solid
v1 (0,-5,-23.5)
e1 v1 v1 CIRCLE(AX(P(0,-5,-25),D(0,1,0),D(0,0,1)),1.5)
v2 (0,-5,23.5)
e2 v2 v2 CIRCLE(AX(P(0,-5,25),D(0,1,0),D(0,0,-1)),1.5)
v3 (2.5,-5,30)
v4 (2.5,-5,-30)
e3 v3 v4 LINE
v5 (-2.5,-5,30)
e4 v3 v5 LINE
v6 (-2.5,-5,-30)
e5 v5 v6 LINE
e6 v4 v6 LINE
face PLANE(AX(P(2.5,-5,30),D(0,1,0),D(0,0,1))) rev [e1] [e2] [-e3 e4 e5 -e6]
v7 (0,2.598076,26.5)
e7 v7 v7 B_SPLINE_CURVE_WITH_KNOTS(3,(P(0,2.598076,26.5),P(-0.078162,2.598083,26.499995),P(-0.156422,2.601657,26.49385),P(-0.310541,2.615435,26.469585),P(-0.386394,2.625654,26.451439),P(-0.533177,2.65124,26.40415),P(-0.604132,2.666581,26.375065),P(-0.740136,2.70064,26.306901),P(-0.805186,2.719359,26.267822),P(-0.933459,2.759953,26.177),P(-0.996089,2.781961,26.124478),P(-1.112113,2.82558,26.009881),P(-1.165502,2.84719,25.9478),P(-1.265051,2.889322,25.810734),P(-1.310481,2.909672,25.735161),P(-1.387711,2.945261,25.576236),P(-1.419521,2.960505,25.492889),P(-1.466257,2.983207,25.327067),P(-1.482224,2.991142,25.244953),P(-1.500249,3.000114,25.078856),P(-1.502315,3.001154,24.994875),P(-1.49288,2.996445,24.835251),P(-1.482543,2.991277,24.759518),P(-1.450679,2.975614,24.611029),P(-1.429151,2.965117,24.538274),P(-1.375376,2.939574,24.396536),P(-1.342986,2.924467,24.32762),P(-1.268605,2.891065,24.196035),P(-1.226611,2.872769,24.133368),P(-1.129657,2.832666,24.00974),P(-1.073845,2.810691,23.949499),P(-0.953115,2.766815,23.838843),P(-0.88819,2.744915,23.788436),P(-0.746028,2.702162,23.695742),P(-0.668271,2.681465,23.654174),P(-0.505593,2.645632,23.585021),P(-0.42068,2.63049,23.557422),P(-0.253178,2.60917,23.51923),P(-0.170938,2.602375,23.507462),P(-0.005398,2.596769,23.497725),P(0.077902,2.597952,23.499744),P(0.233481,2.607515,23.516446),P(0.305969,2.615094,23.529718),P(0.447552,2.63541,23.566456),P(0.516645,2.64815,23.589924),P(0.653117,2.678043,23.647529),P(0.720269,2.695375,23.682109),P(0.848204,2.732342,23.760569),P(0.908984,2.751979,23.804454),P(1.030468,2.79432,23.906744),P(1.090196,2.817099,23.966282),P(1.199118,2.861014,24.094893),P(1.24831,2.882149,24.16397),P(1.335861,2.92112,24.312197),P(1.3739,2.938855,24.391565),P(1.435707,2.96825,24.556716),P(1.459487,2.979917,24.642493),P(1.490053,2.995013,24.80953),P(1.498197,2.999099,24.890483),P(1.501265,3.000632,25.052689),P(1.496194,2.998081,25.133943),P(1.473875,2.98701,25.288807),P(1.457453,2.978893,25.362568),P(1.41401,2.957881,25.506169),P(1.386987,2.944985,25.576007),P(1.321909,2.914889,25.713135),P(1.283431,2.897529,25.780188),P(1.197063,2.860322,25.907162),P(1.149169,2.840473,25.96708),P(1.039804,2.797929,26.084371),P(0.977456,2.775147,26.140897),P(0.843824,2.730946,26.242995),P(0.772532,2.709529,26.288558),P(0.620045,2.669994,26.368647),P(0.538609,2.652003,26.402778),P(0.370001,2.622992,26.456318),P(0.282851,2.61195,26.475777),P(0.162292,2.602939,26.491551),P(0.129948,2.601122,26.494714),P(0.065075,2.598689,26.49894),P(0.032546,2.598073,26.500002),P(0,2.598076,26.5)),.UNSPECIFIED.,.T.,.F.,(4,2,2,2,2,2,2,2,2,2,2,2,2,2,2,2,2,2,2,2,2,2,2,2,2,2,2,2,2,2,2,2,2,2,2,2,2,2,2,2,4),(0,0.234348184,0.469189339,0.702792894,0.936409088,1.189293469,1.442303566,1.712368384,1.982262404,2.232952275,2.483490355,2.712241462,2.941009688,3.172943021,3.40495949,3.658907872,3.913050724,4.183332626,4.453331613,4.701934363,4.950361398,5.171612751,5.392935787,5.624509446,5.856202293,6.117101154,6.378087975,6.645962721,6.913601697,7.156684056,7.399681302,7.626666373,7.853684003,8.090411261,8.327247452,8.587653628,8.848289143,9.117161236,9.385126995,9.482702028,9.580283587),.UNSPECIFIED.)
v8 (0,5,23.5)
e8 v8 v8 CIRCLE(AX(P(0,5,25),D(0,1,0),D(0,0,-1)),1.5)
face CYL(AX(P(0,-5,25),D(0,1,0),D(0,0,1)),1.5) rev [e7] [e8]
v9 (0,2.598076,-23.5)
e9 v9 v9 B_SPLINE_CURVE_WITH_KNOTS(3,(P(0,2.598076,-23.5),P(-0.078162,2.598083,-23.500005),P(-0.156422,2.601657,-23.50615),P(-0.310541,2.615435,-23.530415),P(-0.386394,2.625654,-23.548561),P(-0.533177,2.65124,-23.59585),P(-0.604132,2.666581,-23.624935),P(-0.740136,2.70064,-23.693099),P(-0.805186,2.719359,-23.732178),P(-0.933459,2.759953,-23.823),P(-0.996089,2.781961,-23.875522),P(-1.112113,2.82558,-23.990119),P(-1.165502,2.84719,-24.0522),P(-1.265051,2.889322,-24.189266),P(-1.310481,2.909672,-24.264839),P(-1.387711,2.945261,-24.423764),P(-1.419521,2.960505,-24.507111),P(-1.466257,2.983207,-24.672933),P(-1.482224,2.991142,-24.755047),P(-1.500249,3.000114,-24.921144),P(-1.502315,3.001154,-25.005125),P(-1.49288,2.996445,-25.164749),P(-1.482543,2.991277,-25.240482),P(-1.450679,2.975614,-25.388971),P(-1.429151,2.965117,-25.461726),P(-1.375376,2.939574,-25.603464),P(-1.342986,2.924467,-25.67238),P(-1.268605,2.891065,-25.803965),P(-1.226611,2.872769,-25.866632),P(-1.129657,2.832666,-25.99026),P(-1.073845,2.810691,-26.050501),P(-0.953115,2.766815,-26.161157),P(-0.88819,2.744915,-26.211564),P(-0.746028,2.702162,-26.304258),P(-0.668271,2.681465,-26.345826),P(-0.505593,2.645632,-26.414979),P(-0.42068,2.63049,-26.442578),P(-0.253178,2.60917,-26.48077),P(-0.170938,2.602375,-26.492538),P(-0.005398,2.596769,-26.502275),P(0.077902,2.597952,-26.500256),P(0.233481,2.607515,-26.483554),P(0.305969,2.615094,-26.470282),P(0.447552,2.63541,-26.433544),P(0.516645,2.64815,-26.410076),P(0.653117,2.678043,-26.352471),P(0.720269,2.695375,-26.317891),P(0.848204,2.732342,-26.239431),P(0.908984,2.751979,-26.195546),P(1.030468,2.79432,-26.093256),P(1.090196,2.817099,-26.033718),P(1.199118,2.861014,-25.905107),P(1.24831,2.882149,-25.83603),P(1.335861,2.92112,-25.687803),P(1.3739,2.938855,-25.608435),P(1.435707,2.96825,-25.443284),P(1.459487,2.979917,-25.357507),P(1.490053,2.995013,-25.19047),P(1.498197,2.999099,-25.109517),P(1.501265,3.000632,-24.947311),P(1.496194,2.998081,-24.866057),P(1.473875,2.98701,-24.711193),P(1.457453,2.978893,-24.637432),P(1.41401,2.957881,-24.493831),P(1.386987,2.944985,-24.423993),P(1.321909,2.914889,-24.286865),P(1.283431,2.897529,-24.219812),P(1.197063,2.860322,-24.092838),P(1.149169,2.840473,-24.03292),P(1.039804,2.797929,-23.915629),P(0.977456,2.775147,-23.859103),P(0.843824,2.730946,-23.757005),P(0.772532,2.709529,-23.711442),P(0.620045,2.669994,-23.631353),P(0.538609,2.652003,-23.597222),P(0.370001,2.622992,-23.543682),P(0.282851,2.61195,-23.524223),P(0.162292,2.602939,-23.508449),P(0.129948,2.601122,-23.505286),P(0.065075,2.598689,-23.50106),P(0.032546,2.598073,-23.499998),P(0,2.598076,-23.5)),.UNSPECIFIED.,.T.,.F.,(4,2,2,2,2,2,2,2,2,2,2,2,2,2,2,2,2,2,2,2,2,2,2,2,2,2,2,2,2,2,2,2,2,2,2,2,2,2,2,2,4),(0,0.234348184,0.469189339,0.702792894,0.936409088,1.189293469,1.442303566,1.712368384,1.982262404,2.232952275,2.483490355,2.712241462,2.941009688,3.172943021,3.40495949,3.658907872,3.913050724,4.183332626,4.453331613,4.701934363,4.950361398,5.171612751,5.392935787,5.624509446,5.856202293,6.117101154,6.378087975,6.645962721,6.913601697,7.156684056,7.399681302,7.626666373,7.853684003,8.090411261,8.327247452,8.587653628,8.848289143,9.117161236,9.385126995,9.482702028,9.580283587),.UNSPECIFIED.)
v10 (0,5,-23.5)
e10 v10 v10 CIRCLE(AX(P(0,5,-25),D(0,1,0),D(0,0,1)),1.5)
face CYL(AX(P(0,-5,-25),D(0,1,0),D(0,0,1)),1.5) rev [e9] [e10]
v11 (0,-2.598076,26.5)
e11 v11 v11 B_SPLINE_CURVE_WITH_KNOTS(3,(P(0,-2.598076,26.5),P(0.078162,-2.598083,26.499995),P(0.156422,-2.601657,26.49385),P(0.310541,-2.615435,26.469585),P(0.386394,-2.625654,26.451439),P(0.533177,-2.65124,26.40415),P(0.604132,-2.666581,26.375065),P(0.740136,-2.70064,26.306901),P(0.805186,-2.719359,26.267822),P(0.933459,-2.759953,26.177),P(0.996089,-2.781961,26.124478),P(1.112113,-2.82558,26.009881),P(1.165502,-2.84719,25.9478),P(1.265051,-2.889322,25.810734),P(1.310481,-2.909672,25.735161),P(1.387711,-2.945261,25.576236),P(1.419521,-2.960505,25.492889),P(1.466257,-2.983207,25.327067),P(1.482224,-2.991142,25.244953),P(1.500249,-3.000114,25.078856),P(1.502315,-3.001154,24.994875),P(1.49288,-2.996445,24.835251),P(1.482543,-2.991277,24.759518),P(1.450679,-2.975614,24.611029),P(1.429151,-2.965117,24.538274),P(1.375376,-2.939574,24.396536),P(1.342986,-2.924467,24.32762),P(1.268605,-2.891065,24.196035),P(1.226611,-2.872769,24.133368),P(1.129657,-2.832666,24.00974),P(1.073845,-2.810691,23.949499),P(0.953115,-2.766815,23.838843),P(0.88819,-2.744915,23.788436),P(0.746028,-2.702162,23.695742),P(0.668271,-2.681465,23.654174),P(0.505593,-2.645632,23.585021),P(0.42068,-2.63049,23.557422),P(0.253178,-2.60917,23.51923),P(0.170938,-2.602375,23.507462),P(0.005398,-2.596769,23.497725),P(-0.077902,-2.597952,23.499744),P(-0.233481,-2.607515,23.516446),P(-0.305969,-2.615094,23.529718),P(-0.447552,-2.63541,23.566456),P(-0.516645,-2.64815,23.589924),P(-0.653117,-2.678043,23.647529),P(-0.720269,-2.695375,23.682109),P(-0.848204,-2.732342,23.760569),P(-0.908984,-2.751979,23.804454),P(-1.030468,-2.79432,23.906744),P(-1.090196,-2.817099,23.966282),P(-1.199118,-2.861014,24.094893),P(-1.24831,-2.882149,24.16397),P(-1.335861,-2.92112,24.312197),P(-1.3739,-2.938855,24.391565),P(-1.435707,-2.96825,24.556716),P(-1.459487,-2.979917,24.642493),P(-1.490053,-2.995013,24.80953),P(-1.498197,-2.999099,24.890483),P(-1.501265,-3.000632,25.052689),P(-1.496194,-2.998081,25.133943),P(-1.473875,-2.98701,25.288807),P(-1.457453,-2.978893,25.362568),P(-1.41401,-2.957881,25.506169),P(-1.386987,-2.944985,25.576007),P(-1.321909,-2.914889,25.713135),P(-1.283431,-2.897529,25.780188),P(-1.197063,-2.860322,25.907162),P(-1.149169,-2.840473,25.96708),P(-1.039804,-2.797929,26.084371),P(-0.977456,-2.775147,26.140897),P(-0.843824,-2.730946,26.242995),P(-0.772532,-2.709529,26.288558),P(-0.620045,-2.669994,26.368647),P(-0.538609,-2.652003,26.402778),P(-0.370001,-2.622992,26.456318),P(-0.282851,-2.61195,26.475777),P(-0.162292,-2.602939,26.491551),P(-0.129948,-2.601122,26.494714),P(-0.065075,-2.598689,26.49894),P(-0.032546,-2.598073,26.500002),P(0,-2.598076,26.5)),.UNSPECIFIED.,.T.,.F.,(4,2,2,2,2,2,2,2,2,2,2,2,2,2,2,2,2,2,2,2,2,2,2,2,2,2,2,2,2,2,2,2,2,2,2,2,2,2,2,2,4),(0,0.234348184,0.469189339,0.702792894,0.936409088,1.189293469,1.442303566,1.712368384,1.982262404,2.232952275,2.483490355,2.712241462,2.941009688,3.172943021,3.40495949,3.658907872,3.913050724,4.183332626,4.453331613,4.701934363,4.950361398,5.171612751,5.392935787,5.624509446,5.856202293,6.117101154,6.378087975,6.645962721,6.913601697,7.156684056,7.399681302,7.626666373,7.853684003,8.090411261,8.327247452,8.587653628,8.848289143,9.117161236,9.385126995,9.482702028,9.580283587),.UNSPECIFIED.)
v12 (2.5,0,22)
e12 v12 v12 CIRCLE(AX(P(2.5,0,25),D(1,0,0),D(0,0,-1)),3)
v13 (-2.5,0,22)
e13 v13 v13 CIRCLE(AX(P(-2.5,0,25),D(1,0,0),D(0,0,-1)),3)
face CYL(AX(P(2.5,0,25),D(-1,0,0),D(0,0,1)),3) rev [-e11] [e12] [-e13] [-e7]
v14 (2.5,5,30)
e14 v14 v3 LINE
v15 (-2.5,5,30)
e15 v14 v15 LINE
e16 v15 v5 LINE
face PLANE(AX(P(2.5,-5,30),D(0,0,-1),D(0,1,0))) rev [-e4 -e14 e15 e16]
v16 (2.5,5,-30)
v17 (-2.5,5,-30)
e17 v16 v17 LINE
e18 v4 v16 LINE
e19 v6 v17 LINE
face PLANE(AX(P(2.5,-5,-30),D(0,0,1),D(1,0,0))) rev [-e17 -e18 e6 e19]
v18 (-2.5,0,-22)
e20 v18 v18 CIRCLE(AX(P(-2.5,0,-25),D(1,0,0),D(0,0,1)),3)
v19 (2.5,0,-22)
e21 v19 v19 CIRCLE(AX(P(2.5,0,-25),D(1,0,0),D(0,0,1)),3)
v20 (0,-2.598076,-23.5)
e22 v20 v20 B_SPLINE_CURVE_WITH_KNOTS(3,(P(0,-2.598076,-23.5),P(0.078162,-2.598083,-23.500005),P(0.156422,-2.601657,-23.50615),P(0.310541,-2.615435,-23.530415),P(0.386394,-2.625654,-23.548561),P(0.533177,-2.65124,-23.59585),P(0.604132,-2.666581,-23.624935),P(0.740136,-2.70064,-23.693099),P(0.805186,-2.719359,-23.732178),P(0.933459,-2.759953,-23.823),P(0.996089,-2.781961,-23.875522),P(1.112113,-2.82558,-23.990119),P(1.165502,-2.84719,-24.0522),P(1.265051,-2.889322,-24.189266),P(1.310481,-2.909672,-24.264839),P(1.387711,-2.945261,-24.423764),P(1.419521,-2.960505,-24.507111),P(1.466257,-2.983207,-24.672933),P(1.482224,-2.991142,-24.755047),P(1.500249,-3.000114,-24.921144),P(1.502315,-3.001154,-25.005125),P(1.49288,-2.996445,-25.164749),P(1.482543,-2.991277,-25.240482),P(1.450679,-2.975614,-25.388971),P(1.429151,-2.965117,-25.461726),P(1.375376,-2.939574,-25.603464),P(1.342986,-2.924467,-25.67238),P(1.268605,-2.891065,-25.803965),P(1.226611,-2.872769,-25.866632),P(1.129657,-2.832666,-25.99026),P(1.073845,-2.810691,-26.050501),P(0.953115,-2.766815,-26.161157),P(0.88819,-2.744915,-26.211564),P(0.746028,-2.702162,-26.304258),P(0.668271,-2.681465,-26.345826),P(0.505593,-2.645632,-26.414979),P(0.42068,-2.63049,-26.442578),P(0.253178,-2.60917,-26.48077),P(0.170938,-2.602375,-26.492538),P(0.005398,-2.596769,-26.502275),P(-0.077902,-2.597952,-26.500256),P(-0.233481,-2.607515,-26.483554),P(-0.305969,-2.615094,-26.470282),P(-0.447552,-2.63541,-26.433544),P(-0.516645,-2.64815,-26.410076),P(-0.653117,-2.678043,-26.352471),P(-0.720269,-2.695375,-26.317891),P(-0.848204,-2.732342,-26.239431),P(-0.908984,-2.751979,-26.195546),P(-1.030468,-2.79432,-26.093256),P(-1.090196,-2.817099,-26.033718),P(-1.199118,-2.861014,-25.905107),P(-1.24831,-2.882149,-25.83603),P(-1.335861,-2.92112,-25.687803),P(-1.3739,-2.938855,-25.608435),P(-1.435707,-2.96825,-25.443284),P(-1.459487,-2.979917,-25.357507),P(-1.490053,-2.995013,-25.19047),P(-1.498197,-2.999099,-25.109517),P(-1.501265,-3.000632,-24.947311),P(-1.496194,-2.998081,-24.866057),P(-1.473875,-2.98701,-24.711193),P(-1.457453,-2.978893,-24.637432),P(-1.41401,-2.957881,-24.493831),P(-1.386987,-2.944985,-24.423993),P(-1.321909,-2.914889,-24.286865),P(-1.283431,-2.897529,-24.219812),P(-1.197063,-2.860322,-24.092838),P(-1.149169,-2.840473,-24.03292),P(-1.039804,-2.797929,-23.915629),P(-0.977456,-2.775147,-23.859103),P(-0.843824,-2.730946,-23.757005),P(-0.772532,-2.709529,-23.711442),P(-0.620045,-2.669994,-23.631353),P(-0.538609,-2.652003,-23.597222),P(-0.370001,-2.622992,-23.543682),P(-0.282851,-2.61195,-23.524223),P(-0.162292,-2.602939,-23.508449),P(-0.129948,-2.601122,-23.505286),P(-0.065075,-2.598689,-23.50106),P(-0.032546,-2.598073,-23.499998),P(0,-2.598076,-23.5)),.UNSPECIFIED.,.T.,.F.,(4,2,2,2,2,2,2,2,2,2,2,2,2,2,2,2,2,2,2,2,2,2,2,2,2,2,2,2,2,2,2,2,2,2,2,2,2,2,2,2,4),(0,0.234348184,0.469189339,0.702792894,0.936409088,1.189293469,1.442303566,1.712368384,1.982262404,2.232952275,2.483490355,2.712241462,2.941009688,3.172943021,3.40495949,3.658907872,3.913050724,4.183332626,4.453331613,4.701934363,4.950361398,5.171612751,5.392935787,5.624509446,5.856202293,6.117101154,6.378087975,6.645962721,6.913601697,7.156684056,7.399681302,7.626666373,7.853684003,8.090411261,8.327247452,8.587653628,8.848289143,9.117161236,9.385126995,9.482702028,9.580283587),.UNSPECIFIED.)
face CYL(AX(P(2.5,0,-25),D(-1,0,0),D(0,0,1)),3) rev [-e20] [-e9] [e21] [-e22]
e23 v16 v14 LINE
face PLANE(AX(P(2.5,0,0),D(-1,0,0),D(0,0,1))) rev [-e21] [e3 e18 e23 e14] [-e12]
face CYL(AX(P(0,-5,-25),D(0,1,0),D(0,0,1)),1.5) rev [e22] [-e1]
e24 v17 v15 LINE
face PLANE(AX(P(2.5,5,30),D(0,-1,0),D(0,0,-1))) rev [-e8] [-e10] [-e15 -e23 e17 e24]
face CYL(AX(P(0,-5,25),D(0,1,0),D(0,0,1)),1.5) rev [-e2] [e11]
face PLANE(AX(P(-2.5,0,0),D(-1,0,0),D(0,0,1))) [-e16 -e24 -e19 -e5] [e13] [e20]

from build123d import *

# Parameters (mm, degrees)
SKETCH_1_W               = 60
SKETCH_1_H               = 10
SKETCH_1_R               = 3
EXTRUDE_1_DEPTH          = 2.5
SKETCH_3_R               = 1.5
CUT_EXTRUDE_1_DEPTH      = 6
CUT_EXTRUDE_1_DEPTH_BACK = 6


with BuildPart() as part:
    # 草圖1 → 填料-伸長1 (new body, symmetric)
    with BuildSketch(Plane(origin=(0, 0, 0), x_dir=(0, 0, -1), z_dir=(1, 0, 0))):
        Rectangle(SKETCH_1_W, SKETCH_1_H)
        with Locations((-25, 0)):
            Circle(SKETCH_1_R, mode=Mode.SUBTRACT)
        with Locations((25, 0)):
            Circle(SKETCH_1_R, mode=Mode.SUBTRACT)
    extrude(amount=EXTRUDE_1_DEPTH, both=True)

    # 草圖3 → 除料-伸長1 (cut, two sides)
    with BuildSketch(Plane(origin=(0, 0, 0), x_dir=(1, 0, 0), z_dir=(0, 1, 0))) as cut_extrude_1_sk:
        with Locations((0, 25)):
            Circle(SKETCH_3_R)
        with Locations((0, -25)):
            Circle(SKETCH_3_R)
    extrude(amount=CUT_EXTRUDE_1_DEPTH, mode=Mode.SUBTRACT)
    extrude(cut_extrude_1_sk.sketch, amount=-CUT_EXTRUDE_1_DEPTH_BACK, mode=Mode.SUBTRACT)


solid = part.part
